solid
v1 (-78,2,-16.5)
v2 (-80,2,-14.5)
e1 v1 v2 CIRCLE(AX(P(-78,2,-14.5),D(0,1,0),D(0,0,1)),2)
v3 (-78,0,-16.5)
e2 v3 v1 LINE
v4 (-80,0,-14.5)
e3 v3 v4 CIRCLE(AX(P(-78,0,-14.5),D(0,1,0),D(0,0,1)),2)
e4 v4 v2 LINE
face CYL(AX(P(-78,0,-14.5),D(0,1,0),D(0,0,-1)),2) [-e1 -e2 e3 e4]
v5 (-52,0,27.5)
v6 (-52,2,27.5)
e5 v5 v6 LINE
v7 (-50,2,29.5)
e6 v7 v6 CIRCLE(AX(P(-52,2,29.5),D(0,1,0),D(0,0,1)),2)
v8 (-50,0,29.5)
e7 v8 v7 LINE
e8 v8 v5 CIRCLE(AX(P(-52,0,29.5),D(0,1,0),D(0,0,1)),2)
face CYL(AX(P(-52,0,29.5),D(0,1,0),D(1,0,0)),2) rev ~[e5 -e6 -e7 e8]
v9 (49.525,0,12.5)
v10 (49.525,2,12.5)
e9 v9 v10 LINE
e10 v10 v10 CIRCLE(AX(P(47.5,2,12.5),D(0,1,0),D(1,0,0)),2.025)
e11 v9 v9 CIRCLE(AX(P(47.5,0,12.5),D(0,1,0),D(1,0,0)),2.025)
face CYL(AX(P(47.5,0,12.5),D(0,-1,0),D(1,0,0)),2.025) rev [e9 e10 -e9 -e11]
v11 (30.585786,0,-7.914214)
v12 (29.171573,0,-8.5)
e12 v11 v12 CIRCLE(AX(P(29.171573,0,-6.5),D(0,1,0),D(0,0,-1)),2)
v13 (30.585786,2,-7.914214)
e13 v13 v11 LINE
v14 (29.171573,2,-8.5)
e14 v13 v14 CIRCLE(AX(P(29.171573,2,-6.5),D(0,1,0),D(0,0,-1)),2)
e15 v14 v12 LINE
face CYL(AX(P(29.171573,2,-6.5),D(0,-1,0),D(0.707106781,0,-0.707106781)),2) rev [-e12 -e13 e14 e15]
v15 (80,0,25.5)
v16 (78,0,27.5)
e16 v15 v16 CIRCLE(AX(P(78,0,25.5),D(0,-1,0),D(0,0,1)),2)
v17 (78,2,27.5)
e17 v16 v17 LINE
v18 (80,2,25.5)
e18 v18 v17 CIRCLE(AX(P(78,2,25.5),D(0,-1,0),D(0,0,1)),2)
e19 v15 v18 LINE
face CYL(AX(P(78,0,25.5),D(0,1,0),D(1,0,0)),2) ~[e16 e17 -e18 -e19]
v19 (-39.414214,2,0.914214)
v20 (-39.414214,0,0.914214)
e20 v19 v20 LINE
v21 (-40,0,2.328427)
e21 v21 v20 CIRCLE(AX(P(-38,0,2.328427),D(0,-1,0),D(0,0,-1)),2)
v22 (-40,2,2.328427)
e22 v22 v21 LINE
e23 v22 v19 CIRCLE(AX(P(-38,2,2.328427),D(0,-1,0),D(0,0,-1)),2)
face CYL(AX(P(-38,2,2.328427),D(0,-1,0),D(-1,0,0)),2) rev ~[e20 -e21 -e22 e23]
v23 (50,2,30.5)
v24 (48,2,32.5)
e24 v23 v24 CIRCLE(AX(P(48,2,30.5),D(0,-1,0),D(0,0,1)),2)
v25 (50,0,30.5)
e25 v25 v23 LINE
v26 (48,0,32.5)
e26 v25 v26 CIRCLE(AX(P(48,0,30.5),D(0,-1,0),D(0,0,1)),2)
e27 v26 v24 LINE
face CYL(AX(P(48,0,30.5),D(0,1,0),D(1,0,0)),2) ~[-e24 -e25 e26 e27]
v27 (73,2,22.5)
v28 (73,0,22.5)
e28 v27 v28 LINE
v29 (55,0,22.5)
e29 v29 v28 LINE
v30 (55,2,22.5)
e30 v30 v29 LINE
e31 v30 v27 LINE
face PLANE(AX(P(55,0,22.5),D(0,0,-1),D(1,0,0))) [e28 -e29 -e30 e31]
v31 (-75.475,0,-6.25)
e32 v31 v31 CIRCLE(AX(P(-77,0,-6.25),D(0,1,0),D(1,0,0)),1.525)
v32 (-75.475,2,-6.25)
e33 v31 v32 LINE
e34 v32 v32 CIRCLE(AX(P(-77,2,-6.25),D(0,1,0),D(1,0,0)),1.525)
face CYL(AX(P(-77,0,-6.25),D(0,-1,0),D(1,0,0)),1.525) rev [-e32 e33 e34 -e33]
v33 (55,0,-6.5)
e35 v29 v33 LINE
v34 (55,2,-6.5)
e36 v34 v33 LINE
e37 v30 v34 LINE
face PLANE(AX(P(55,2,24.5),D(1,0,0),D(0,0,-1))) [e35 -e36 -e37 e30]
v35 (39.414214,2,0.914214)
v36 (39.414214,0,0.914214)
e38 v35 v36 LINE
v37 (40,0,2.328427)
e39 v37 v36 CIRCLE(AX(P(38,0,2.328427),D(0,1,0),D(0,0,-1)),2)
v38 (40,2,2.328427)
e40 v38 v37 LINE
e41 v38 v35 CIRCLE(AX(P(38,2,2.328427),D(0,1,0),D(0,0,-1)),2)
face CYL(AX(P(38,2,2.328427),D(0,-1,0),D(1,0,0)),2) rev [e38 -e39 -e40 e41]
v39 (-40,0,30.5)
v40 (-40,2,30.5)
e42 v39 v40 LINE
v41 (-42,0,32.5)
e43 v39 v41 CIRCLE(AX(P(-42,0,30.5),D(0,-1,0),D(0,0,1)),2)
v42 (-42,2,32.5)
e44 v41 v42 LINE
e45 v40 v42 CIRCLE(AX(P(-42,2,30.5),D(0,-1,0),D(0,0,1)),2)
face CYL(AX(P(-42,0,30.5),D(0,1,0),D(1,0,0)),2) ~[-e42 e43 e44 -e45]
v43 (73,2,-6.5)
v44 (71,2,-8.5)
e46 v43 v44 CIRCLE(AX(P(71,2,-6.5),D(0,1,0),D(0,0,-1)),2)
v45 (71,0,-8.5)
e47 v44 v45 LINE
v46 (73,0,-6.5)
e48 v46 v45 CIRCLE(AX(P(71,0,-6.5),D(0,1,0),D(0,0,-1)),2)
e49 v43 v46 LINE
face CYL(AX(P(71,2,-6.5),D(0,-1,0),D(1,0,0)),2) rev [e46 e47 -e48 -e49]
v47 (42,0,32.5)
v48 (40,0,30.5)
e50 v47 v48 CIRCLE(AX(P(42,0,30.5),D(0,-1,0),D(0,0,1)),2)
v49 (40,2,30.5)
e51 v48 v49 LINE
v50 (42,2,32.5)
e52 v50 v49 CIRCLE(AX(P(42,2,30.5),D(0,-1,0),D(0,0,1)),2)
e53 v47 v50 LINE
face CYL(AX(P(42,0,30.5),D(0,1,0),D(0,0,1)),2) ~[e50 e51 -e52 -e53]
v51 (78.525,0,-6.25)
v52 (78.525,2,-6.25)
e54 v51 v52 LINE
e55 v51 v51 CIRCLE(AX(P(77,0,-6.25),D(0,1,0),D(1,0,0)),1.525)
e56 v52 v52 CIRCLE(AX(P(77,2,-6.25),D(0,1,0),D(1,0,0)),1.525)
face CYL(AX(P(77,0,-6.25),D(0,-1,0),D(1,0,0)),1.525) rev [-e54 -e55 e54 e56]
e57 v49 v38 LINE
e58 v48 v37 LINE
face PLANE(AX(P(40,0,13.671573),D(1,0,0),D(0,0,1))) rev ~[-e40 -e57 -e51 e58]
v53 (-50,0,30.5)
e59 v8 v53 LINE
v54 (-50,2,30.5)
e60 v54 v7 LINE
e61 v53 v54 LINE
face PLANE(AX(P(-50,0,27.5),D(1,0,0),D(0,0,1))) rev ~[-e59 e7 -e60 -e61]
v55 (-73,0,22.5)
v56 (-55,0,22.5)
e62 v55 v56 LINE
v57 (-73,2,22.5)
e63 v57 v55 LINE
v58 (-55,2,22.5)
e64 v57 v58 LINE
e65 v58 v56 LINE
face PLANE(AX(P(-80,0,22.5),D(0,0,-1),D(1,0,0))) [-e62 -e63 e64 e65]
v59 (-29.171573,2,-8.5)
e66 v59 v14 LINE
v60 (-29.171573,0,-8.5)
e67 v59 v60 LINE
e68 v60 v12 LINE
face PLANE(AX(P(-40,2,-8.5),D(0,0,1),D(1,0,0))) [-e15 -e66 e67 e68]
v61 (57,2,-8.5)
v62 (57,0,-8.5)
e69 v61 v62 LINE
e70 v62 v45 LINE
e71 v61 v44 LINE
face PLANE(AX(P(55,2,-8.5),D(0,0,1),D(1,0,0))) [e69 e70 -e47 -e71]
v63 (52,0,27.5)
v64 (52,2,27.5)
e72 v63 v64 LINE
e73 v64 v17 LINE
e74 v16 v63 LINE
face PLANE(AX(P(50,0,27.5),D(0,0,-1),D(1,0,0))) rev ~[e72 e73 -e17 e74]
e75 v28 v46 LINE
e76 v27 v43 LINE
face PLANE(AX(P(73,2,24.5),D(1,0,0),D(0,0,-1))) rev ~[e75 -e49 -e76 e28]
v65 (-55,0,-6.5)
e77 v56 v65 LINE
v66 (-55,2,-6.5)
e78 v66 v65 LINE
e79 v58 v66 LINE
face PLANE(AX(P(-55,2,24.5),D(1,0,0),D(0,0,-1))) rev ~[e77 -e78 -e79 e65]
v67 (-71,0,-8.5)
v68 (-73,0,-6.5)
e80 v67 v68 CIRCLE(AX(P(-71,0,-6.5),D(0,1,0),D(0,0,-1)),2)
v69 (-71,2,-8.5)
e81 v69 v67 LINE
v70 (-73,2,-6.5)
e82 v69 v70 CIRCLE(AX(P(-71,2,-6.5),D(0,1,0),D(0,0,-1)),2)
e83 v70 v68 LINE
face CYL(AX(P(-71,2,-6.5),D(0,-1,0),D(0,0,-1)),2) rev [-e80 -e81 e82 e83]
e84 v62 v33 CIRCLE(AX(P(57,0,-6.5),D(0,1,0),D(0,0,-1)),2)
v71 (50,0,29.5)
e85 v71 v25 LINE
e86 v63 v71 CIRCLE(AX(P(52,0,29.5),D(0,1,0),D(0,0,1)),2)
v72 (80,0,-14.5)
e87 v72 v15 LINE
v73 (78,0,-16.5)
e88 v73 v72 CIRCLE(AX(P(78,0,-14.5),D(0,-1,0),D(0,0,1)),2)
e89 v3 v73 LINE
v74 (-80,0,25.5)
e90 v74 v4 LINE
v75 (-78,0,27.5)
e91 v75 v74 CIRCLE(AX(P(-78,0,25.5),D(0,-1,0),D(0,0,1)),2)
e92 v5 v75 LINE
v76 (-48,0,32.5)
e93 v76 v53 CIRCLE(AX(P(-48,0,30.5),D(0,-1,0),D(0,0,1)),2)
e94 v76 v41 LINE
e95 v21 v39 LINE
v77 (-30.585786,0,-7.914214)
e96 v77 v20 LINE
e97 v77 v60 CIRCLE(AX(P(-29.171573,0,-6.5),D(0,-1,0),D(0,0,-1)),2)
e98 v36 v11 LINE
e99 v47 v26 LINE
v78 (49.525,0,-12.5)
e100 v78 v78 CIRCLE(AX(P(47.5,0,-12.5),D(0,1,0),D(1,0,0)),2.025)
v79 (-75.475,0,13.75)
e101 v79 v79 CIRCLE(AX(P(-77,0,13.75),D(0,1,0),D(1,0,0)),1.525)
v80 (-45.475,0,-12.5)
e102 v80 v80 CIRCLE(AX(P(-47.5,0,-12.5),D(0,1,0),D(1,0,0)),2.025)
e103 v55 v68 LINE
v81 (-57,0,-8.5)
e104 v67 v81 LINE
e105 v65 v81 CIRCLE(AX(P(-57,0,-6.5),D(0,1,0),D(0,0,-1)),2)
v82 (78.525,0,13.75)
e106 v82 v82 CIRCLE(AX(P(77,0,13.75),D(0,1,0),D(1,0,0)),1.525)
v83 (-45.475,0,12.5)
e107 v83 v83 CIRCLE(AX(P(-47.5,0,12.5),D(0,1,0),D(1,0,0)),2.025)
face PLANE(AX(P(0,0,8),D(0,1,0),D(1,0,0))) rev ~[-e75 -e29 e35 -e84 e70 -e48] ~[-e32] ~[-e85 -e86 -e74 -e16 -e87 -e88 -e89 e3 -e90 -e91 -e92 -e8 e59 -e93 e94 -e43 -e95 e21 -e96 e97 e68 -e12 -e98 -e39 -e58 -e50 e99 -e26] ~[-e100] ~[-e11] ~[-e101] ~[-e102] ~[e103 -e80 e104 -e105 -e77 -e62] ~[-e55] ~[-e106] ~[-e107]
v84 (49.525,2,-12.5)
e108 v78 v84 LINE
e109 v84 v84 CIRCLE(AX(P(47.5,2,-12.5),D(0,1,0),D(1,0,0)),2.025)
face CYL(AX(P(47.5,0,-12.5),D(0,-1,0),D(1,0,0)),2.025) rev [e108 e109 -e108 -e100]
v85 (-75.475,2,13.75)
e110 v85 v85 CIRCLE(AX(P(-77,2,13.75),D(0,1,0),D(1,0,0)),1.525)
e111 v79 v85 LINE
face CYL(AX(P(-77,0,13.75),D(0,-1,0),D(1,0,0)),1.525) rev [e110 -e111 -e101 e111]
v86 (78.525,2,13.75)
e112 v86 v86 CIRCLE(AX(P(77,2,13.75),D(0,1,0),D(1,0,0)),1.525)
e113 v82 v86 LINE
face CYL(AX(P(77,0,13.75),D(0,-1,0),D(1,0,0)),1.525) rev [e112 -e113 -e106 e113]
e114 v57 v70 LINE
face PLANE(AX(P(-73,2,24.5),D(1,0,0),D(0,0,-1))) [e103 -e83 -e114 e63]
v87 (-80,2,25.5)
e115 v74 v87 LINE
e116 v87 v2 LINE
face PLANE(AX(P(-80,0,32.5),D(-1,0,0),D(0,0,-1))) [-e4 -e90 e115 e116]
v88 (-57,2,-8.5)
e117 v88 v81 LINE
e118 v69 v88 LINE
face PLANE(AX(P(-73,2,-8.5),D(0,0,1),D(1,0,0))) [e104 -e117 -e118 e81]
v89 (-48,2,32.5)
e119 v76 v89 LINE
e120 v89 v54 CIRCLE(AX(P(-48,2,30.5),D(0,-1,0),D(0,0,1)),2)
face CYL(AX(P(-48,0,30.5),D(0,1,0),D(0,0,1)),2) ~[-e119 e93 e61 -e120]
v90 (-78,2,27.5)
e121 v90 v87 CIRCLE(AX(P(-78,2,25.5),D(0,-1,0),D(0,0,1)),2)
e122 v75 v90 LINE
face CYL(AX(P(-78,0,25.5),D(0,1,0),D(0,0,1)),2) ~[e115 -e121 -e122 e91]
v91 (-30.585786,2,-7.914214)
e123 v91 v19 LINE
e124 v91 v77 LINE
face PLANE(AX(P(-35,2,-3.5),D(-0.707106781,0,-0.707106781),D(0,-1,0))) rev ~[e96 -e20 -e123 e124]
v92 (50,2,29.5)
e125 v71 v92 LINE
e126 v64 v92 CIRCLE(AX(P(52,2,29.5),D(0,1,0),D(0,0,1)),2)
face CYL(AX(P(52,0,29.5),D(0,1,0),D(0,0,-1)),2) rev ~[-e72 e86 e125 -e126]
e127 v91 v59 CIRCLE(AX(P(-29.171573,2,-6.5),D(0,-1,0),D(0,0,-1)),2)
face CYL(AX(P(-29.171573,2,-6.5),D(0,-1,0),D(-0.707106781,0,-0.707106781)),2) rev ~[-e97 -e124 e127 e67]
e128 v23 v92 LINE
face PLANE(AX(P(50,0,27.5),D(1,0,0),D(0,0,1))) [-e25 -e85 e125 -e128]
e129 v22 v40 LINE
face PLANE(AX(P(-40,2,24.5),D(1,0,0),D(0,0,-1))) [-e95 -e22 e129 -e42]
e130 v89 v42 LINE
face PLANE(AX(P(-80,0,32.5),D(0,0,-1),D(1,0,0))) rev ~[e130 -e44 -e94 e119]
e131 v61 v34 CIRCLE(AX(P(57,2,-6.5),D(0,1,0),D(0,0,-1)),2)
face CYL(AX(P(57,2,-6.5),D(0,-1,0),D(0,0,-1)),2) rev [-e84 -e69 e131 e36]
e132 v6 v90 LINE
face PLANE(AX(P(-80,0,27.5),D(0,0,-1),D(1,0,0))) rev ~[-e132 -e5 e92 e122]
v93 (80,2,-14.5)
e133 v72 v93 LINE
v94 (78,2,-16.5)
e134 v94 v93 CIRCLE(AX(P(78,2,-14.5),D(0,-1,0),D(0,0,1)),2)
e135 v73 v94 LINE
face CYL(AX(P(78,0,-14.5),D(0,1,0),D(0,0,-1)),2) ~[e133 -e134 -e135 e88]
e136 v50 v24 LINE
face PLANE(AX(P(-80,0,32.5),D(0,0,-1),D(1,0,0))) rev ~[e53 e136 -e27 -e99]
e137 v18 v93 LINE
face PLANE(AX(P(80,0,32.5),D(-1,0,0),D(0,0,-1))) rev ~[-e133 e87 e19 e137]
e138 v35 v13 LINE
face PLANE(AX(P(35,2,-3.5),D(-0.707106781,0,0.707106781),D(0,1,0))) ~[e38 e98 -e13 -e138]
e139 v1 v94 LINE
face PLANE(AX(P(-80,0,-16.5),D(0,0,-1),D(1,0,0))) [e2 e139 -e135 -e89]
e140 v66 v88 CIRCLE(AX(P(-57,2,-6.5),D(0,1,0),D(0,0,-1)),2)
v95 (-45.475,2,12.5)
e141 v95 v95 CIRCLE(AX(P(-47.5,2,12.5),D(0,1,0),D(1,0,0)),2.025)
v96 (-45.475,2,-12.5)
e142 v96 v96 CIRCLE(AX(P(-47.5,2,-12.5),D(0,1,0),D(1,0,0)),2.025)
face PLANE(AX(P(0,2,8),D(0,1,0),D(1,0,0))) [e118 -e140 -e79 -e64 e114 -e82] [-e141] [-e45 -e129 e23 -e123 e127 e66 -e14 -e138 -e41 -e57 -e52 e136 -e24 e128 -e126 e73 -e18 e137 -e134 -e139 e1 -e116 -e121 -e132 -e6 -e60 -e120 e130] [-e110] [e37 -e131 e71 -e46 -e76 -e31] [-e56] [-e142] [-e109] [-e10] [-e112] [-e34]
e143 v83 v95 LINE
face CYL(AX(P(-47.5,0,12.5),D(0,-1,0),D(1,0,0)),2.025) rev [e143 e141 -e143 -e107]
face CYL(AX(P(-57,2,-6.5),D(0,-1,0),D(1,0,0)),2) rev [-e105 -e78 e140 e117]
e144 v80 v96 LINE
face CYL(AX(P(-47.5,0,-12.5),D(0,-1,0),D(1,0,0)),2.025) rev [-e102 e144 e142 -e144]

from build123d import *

# Parameters (mm, degrees)
SKETCH_1_W          = 160
SKETCH_1_H          = 49
SKETCH_1_R          = 1.525
SKETCH_1_R_2        = 2.025
EXTRUDE_1_DEPTH     = 2
SKETCH_2_W          = 80
SKETCH_2_H          = 33
SKETCH_2_W_2        = 18
CUT_EXTRUDE_1_DEPTH = 10
CHAMFER_1_SIZE      = 10
FILLET_1_R          = 2
SKETCH_3_W          = 30
SKETCH_3_H          = 5
CUT_EXTRUDE_2_DEPTH = 10
SKETCH_4_W          = 25
SKETCH_4_H          = 5
EXTRUDE_2_DEPTH     = 2
FILLET_2_R          = 2
SKETCH_5_W          = 80
SKETCH_5_H          = 18.828427125
CUT_EXTRUDE_3_DEPTH = 10
FILLET_3_R          = 2


with BuildPart() as part:
    # 草图1 → 凸台-拉伸1 (new body)
    with BuildSketch(Plane(origin=(0, 0, 0), x_dir=(1, 0, 0), z_dir=(0, 1, 0))):
        with Locations((0, -8)):
            Rectangle(SKETCH_1_W, SKETCH_1_H)
        with Locations((-77, -13.75)):
            Circle(SKETCH_1_R, mode=Mode.SUBTRACT)
        with Locations((-77, 6.25)):
            Circle(SKETCH_1_R, mode=Mode.SUBTRACT)
        with Locations((77, 6.25)):
            Circle(SKETCH_1_R, mode=Mode.SUBTRACT)
        with Locations((77, -13.75)):
            Circle(SKETCH_1_R, mode=Mode.SUBTRACT)
        with Locations((-47.5, 12.5)):
            Circle(SKETCH_1_R_2, mode=Mode.SUBTRACT)
        with Locations((-47.5, -12.5)):
            Circle(SKETCH_1_R_2, mode=Mode.SUBTRACT)
        with Locations((47.5, 12.5)):
            Circle(SKETCH_1_R_2, mode=Mode.SUBTRACT)
        with Locations((47.5, -12.5)):
            Circle(SKETCH_1_R_2, mode=Mode.SUBTRACT)
    extrude(amount=EXTRUDE_1_DEPTH)

    # 草图2 → 切除-拉伸1 (cut)
    with BuildSketch(Plane(origin=(0, 2, 0), x_dir=(1, 0, 0), z_dir=(0, 1, 0))):
        with Locations((0, -8)):
            Rectangle(SKETCH_2_W, SKETCH_2_H)
        with Locations((64, -8)):
            Rectangle(SKETCH_2_W_2, SKETCH_2_H)
        with Locations((-64, -8)):
            Rectangle(SKETCH_2_W_2, SKETCH_2_H)
    extrude(amount=-CUT_EXTRUDE_1_DEPTH, mode=Mode.SUBTRACT)

    # 倒角1
    chamfer_1_edges = [part.edges().sort_by_distance(p)[0] for p in [
        (40, 1, -8.5),
        (40, 1, 24.5),
        (-40, 1, 24.5),
        (-40, 1, -8.5),
    ]]
    chamfer(chamfer_1_edges, length=CHAMFER_1_SIZE)

    # 圆角1
    fillet_1_edges = [part.edges().sort_by_distance(p)[0] for p in [
        (30, 1, 24.5),
        (-30, 1, 24.5),
        (-40, 1, 1.5),
        (-40, 1, 14.5),
        (40, 1, 1.5),
        (40, 1, 14.5),
        (-30, 1, -8.5),
        (30, 1, -8.5),
        (73, 1, -8.5),
        (73, 1, 24.5),
        (55, 1, 24.5),
        (55, 1, -8.5),
        (-73, 1, 24.5),
        (-73, 1, -8.5),
        (-55, 1, -8.5),
        (-55, 1, 24.5),
    ]]
    fillet(fillet_1_edges, radius=FILLET_1_R)

    # 草图3 → 切除-拉伸2 (cut)
    with BuildSketch(Plane.XZ):
        with Locations((-65, 30)):
            Rectangle(SKETCH_3_W, SKETCH_3_H)
        with Locations((65, 30)):
            Rectangle(SKETCH_3_W, SKETCH_3_H)
    extrude(amount=-CUT_EXTRUDE_2_DEPTH, mode=Mode.SUBTRACT)

    # 草图4 → 凸台-拉伸2 (add)
    with BuildSketch(Plane.XZ):
        with Locations((-67.5, 25)):
            Rectangle(SKETCH_4_W, SKETCH_4_H)
        with Locations((67.5, 25)):
            Rectangle(SKETCH_4_W, SKETCH_4_H)
    extrude(amount=-EXTRUDE_2_DEPTH)

    # 圆角2
    fillet_2_edges = [part.edges().sort_by_distance(p)[0] for p in [
        (50, 1, 32.5),
        (-50, 1, 32.5),
        (-50, 1, 27.5),
        (-80, 1, 27.5),
        (80, 1, 27.5),
        (50, 1, 27.5),
        (-80, 1, -16.5),
        (80, 1, -16.5),
    ]]
    fillet(fillet_2_edges, radius=FILLET_2_R)

    # 草图5 → 切除-拉伸3 (cut)
    with BuildSketch(Plane.XZ):
        with Locations((0, 23.085786438)):
            Rectangle(SKETCH_5_W, SKETCH_5_H)
    extrude(amount=-CUT_EXTRUDE_3_DEPTH, mode=Mode.SUBTRACT)

    # 圆角3
    fillet_3_edges = [part.edges().sort_by_distance(p)[0] for p in [
        (-40, 1, 32.5),
        (40, 1, 32.5),
    ]]
    fillet(fillet_3_edges, radius=FILLET_3_R)


solid = part.part
